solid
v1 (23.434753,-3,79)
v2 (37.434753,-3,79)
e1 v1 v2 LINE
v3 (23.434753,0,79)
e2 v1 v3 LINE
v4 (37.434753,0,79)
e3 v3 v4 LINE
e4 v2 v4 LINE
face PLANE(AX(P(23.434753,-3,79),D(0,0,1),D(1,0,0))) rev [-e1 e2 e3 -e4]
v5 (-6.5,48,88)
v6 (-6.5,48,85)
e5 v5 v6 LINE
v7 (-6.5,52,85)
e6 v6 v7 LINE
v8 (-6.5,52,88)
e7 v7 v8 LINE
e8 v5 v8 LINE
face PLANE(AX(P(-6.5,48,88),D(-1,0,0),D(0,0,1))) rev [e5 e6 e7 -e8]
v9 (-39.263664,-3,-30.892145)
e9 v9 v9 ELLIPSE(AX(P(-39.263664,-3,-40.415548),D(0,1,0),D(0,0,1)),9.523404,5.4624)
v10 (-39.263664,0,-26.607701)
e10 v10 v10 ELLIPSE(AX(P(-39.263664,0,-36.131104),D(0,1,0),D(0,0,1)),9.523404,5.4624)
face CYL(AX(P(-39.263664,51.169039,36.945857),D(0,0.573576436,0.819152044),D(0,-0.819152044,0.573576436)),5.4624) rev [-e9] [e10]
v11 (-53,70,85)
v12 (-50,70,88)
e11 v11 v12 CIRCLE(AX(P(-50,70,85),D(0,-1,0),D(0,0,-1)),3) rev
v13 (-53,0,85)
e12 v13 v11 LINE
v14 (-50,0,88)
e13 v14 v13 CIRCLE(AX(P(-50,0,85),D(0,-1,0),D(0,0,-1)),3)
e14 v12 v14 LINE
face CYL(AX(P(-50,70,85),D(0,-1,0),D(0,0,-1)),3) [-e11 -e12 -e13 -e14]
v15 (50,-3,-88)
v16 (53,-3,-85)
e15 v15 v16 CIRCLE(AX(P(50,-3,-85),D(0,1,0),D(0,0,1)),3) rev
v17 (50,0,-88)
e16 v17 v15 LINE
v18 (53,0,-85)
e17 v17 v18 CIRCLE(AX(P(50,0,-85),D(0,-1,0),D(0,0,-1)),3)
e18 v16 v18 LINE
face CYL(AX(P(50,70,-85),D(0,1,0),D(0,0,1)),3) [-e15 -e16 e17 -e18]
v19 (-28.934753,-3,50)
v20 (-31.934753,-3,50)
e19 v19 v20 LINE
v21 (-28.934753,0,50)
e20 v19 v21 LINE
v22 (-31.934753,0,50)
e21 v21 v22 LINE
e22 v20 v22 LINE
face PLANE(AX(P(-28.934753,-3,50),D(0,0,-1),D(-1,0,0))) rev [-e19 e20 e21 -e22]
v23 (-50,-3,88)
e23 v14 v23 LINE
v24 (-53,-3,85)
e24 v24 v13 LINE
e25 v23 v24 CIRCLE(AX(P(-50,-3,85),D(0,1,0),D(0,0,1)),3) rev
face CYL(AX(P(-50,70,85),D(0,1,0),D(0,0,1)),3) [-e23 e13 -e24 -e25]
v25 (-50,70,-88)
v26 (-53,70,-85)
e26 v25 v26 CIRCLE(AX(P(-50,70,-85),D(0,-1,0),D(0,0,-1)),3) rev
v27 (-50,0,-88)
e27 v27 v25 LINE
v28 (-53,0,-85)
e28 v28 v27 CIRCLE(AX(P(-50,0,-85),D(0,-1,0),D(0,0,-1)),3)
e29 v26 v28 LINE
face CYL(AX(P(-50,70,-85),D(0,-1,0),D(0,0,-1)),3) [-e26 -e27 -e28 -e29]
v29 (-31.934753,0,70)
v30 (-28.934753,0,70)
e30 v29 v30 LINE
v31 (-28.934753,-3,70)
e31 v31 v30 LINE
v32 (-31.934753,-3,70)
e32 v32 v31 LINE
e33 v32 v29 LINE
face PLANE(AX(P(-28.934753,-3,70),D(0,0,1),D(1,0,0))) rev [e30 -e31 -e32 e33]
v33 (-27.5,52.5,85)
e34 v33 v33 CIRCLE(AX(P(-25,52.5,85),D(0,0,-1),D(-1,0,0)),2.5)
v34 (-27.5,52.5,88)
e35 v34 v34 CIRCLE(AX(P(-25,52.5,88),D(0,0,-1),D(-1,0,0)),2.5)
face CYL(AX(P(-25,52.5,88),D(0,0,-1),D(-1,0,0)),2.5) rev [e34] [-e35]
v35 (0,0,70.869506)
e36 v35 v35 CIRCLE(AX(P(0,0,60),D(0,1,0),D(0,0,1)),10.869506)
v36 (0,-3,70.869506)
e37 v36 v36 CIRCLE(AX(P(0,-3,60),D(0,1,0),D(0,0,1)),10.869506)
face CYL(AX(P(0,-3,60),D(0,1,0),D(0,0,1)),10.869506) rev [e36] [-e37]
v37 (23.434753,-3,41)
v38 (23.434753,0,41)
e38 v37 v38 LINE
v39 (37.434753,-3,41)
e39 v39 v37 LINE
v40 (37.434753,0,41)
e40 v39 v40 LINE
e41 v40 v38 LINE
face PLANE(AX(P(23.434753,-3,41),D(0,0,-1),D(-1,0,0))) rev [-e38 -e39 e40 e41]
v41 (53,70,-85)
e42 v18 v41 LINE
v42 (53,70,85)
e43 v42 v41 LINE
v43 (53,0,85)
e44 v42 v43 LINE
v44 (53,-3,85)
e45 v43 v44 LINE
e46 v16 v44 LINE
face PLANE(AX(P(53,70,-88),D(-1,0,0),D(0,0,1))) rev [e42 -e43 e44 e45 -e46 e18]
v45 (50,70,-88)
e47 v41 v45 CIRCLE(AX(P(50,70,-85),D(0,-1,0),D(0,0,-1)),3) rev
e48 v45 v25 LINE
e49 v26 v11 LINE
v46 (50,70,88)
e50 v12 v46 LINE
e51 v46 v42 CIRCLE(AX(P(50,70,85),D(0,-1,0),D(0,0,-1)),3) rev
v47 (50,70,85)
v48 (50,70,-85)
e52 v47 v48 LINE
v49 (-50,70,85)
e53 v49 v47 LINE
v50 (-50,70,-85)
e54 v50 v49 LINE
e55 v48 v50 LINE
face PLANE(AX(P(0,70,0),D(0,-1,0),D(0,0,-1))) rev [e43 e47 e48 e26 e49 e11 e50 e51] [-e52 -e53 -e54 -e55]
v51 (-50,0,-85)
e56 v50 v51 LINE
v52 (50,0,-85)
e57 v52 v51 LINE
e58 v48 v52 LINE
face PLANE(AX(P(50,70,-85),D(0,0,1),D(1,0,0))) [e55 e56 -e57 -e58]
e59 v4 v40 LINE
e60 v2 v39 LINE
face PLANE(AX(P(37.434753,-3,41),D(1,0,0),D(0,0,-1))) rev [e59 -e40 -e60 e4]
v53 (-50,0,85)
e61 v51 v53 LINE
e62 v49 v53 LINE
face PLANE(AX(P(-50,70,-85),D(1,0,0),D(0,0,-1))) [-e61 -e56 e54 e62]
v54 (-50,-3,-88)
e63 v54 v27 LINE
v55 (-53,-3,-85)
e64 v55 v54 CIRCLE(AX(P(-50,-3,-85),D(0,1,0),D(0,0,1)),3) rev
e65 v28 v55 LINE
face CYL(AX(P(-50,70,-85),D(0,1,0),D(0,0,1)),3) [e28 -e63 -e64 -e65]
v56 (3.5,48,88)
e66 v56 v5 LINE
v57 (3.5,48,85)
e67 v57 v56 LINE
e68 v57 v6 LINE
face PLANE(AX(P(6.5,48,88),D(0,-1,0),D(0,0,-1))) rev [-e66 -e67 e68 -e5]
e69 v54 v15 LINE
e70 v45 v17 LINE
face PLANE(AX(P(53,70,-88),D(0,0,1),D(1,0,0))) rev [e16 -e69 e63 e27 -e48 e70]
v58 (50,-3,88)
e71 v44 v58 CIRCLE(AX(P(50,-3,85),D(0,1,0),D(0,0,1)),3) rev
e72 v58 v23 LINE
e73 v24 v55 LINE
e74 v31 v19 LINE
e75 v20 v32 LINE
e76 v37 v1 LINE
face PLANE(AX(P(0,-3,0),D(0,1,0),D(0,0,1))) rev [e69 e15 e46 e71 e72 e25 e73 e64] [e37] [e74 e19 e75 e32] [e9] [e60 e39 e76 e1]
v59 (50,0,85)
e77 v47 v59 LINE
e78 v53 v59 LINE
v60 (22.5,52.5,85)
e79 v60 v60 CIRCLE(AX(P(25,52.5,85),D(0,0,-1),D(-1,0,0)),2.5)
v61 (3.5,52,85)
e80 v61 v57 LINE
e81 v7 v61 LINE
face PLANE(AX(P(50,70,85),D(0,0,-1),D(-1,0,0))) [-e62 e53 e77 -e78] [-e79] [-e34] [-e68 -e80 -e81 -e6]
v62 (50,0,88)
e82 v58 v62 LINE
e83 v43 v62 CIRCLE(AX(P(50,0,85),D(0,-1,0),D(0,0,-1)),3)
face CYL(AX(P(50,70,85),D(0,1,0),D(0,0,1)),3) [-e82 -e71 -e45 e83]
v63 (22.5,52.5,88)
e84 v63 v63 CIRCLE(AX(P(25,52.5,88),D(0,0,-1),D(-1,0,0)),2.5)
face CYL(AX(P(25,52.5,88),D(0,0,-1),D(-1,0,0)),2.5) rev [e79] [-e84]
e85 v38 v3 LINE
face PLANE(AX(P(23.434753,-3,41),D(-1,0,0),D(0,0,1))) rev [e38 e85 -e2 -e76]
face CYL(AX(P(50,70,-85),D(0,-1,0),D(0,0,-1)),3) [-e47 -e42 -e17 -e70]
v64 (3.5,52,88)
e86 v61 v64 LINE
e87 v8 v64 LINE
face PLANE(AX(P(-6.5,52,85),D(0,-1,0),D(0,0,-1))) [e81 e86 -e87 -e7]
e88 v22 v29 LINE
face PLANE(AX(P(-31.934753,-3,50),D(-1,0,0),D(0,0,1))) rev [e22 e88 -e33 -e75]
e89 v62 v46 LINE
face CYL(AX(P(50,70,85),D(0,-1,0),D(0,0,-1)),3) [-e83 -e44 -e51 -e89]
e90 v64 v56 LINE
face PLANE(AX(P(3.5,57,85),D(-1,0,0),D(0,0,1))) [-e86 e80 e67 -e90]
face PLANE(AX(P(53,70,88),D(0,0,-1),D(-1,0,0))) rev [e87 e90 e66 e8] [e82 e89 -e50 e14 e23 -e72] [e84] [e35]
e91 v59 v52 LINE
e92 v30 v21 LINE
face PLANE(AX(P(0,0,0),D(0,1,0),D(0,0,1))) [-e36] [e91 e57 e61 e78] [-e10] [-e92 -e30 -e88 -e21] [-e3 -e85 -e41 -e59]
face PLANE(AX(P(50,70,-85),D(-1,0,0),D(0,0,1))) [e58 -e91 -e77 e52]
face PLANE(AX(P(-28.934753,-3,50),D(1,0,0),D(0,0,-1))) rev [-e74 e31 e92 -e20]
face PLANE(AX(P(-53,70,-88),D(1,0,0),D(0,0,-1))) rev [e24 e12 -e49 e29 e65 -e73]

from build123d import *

# Parameters (mm, degrees)
ESQUISSE15_W             = 106
ESQUISSE15_H             = 176
ESQUISSE15_W_2           = 100
ESQUISSE15_H_2           = 170
BOSS_EXTRU_9_DEPTH       = 70
CONG_1_R                 = 3
ESQUISSE18_W             = 106
ESQUISSE18_H             = 176
BOSS_EXTRU_10_DEPTH      = 3
CONG_2_R                 = 3
ESQUISSE22_R             = 10.869506495
ENL_V_MAT_EXTRU_5_DEPTH  = 3
ESQUISSE23_W             = 14
ESQUISSE23_H             = 38
ENL_V_MAT_EXTRU_6_DEPTH  = 3
ESQUISSE24_W             = 3
ESQUISSE24_H             = 20
ENL_V_MAT_EXTRU_7_DEPTH  = 3
ESQUISSE26_R             = 2.5
ENL_V_MAT_EXTRU_11_DEPTH = 3
ESQUISSE28_W             = 13
ESQUISSE28_H             = 9
ENL_V_MAT_EXTRU_13_DEPTH = 3
D_GAGEMENT_03_D          = 10.9248
ESQUISSE43_W             = 10
ESQUISSE43_H             = 5
BOSS_EXTRU_11_DEPTH      = 3
ESQUISSE44_W             = 3
ESQUISSE44_H             = 9
BOSS_EXTRU_12_DEPTH      = 3


with BuildPart() as part:
    # Esquisse15 → Boss.-Extru.9 (new body)
    with BuildSketch(Plane(origin=(0, 0, 0), x_dir=(1, 0, 0), z_dir=(0, 1, 0))):
        Rectangle(ESQUISSE15_W, ESQUISSE15_H)
        Rectangle(ESQUISSE15_W_2, ESQUISSE15_H_2, mode=Mode.SUBTRACT)
    extrude(amount=BOSS_EXTRU_9_DEPTH)

    # Congé1
    cong_1_edges = [part.edges().sort_by_distance(p)[0] for p in [
        (-53, 35, -88),
        (53, 35, -88),
        (53, 35, 88),
        (-53, 35, 88),
    ]]
    fillet(cong_1_edges, radius=CONG_1_R)

    # Esquisse18 → Boss.-Extru.10 (add)
    with BuildSketch(Plane.XZ):
        Rectangle(ESQUISSE18_W, ESQUISSE18_H)
    extrude(amount=BOSS_EXTRU_10_DEPTH)

    # Congé2
    cong_2_edges = [part.edges().sort_by_distance(p)[0] for p in [
        (53, -1.5, 88),
        (53, -1.5, -88),
        (-53, -1.5, -88),
        (-53, -1.5, 88),
    ]]
    fillet(cong_2_edges, radius=CONG_2_R)

    # Esquisse22 → Enlèv. mat.-Extru.5 (cut)
    with BuildSketch(Plane(origin=(0, 0, 0), x_dir=(1, 0, 0), z_dir=(0, 1, 0))):
        with Locations((0, -60)):
            Circle(ESQUISSE22_R)
    extrude(amount=-ENL_V_MAT_EXTRU_5_DEPTH, mode=Mode.SUBTRACT)

    # Esquisse23 → Enlèv. mat.-Extru.6 (cut)
    with BuildSketch(Plane(origin=(0, 0, 0), x_dir=(1, 0, 0), z_dir=(0, 1, 0))):
        with Locations((30.434753248, -60)):
            Rectangle(ESQUISSE23_W, ESQUISSE23_H)
    extrude(amount=-ENL_V_MAT_EXTRU_6_DEPTH, mode=Mode.SUBTRACT)

    # Esquisse24 → Enlèv. mat.-Extru.7 (cut)
    with BuildSketch(Plane(origin=(0, 0, 0), x_dir=(1, 0, 0), z_dir=(0, 1, 0))):
        with Locations((-30.434753248, -60)):
            Rectangle(ESQUISSE24_W, ESQUISSE24_H)
    extrude(amount=-ENL_V_MAT_EXTRU_7_DEPTH, mode=Mode.SUBTRACT)

    # Esquisse26 → Enlèv. mat.-Extru.11 (cut)
    with BuildSketch(Plane(origin=(0, 0, 85), x_dir=(-1, 0, 0), z_dir=(0, 0, -1))):
        with Locations((-25, 52.5)):
            Circle(ESQUISSE26_R)
        with Locations((25, 52.5)):
            Circle(ESQUISSE26_R)
    extrude(amount=-ENL_V_MAT_EXTRU_11_DEPTH, mode=Mode.SUBTRACT)

    # Esquisse28 → Enlèv. mat.-Extru.13 (cut)
    with BuildSketch(Plane(origin=(0, 0, 85), x_dir=(-1, 0, 0), z_dir=(0, 0, -1))):
        with Locations((0, 52.5)):
            Rectangle(ESQUISSE28_W, ESQUISSE28_H)
    extrude(amount=-ENL_V_MAT_EXTRU_13_DEPTH, mode=Mode.SUBTRACT)

    # Dégagement #03 (through all)
    with Locations(Plane(origin=(-50, 70, 23.760275735), x_dir=(1, 0, 0), z_dir=(0, 0.573576436, 0.819152044))):
        with Locations((10.736336361, -22.988358748)):
            Hole(D_GAGEMENT_03_D / 2)

    # Esquisse43 → Boss.-Extru.11 (add)
    with BuildSketch(Plane.XY.offset(88)):
        with Locations((-1.5, 54.5)):
            Rectangle(ESQUISSE43_W, ESQUISSE43_H)
    extrude(amount=-BOSS_EXTRU_11_DEPTH)

    # Esquisse44 → Boss.-Extru.12 (add)
    with BuildSketch(Plane.XY.offset(88)):
        with Locations((5, 52.5)):
            Rectangle(ESQUISSE44_W, ESQUISSE44_H)
    extrude(amount=-BOSS_EXTRU_12_DEPTH)


solid = part.part
